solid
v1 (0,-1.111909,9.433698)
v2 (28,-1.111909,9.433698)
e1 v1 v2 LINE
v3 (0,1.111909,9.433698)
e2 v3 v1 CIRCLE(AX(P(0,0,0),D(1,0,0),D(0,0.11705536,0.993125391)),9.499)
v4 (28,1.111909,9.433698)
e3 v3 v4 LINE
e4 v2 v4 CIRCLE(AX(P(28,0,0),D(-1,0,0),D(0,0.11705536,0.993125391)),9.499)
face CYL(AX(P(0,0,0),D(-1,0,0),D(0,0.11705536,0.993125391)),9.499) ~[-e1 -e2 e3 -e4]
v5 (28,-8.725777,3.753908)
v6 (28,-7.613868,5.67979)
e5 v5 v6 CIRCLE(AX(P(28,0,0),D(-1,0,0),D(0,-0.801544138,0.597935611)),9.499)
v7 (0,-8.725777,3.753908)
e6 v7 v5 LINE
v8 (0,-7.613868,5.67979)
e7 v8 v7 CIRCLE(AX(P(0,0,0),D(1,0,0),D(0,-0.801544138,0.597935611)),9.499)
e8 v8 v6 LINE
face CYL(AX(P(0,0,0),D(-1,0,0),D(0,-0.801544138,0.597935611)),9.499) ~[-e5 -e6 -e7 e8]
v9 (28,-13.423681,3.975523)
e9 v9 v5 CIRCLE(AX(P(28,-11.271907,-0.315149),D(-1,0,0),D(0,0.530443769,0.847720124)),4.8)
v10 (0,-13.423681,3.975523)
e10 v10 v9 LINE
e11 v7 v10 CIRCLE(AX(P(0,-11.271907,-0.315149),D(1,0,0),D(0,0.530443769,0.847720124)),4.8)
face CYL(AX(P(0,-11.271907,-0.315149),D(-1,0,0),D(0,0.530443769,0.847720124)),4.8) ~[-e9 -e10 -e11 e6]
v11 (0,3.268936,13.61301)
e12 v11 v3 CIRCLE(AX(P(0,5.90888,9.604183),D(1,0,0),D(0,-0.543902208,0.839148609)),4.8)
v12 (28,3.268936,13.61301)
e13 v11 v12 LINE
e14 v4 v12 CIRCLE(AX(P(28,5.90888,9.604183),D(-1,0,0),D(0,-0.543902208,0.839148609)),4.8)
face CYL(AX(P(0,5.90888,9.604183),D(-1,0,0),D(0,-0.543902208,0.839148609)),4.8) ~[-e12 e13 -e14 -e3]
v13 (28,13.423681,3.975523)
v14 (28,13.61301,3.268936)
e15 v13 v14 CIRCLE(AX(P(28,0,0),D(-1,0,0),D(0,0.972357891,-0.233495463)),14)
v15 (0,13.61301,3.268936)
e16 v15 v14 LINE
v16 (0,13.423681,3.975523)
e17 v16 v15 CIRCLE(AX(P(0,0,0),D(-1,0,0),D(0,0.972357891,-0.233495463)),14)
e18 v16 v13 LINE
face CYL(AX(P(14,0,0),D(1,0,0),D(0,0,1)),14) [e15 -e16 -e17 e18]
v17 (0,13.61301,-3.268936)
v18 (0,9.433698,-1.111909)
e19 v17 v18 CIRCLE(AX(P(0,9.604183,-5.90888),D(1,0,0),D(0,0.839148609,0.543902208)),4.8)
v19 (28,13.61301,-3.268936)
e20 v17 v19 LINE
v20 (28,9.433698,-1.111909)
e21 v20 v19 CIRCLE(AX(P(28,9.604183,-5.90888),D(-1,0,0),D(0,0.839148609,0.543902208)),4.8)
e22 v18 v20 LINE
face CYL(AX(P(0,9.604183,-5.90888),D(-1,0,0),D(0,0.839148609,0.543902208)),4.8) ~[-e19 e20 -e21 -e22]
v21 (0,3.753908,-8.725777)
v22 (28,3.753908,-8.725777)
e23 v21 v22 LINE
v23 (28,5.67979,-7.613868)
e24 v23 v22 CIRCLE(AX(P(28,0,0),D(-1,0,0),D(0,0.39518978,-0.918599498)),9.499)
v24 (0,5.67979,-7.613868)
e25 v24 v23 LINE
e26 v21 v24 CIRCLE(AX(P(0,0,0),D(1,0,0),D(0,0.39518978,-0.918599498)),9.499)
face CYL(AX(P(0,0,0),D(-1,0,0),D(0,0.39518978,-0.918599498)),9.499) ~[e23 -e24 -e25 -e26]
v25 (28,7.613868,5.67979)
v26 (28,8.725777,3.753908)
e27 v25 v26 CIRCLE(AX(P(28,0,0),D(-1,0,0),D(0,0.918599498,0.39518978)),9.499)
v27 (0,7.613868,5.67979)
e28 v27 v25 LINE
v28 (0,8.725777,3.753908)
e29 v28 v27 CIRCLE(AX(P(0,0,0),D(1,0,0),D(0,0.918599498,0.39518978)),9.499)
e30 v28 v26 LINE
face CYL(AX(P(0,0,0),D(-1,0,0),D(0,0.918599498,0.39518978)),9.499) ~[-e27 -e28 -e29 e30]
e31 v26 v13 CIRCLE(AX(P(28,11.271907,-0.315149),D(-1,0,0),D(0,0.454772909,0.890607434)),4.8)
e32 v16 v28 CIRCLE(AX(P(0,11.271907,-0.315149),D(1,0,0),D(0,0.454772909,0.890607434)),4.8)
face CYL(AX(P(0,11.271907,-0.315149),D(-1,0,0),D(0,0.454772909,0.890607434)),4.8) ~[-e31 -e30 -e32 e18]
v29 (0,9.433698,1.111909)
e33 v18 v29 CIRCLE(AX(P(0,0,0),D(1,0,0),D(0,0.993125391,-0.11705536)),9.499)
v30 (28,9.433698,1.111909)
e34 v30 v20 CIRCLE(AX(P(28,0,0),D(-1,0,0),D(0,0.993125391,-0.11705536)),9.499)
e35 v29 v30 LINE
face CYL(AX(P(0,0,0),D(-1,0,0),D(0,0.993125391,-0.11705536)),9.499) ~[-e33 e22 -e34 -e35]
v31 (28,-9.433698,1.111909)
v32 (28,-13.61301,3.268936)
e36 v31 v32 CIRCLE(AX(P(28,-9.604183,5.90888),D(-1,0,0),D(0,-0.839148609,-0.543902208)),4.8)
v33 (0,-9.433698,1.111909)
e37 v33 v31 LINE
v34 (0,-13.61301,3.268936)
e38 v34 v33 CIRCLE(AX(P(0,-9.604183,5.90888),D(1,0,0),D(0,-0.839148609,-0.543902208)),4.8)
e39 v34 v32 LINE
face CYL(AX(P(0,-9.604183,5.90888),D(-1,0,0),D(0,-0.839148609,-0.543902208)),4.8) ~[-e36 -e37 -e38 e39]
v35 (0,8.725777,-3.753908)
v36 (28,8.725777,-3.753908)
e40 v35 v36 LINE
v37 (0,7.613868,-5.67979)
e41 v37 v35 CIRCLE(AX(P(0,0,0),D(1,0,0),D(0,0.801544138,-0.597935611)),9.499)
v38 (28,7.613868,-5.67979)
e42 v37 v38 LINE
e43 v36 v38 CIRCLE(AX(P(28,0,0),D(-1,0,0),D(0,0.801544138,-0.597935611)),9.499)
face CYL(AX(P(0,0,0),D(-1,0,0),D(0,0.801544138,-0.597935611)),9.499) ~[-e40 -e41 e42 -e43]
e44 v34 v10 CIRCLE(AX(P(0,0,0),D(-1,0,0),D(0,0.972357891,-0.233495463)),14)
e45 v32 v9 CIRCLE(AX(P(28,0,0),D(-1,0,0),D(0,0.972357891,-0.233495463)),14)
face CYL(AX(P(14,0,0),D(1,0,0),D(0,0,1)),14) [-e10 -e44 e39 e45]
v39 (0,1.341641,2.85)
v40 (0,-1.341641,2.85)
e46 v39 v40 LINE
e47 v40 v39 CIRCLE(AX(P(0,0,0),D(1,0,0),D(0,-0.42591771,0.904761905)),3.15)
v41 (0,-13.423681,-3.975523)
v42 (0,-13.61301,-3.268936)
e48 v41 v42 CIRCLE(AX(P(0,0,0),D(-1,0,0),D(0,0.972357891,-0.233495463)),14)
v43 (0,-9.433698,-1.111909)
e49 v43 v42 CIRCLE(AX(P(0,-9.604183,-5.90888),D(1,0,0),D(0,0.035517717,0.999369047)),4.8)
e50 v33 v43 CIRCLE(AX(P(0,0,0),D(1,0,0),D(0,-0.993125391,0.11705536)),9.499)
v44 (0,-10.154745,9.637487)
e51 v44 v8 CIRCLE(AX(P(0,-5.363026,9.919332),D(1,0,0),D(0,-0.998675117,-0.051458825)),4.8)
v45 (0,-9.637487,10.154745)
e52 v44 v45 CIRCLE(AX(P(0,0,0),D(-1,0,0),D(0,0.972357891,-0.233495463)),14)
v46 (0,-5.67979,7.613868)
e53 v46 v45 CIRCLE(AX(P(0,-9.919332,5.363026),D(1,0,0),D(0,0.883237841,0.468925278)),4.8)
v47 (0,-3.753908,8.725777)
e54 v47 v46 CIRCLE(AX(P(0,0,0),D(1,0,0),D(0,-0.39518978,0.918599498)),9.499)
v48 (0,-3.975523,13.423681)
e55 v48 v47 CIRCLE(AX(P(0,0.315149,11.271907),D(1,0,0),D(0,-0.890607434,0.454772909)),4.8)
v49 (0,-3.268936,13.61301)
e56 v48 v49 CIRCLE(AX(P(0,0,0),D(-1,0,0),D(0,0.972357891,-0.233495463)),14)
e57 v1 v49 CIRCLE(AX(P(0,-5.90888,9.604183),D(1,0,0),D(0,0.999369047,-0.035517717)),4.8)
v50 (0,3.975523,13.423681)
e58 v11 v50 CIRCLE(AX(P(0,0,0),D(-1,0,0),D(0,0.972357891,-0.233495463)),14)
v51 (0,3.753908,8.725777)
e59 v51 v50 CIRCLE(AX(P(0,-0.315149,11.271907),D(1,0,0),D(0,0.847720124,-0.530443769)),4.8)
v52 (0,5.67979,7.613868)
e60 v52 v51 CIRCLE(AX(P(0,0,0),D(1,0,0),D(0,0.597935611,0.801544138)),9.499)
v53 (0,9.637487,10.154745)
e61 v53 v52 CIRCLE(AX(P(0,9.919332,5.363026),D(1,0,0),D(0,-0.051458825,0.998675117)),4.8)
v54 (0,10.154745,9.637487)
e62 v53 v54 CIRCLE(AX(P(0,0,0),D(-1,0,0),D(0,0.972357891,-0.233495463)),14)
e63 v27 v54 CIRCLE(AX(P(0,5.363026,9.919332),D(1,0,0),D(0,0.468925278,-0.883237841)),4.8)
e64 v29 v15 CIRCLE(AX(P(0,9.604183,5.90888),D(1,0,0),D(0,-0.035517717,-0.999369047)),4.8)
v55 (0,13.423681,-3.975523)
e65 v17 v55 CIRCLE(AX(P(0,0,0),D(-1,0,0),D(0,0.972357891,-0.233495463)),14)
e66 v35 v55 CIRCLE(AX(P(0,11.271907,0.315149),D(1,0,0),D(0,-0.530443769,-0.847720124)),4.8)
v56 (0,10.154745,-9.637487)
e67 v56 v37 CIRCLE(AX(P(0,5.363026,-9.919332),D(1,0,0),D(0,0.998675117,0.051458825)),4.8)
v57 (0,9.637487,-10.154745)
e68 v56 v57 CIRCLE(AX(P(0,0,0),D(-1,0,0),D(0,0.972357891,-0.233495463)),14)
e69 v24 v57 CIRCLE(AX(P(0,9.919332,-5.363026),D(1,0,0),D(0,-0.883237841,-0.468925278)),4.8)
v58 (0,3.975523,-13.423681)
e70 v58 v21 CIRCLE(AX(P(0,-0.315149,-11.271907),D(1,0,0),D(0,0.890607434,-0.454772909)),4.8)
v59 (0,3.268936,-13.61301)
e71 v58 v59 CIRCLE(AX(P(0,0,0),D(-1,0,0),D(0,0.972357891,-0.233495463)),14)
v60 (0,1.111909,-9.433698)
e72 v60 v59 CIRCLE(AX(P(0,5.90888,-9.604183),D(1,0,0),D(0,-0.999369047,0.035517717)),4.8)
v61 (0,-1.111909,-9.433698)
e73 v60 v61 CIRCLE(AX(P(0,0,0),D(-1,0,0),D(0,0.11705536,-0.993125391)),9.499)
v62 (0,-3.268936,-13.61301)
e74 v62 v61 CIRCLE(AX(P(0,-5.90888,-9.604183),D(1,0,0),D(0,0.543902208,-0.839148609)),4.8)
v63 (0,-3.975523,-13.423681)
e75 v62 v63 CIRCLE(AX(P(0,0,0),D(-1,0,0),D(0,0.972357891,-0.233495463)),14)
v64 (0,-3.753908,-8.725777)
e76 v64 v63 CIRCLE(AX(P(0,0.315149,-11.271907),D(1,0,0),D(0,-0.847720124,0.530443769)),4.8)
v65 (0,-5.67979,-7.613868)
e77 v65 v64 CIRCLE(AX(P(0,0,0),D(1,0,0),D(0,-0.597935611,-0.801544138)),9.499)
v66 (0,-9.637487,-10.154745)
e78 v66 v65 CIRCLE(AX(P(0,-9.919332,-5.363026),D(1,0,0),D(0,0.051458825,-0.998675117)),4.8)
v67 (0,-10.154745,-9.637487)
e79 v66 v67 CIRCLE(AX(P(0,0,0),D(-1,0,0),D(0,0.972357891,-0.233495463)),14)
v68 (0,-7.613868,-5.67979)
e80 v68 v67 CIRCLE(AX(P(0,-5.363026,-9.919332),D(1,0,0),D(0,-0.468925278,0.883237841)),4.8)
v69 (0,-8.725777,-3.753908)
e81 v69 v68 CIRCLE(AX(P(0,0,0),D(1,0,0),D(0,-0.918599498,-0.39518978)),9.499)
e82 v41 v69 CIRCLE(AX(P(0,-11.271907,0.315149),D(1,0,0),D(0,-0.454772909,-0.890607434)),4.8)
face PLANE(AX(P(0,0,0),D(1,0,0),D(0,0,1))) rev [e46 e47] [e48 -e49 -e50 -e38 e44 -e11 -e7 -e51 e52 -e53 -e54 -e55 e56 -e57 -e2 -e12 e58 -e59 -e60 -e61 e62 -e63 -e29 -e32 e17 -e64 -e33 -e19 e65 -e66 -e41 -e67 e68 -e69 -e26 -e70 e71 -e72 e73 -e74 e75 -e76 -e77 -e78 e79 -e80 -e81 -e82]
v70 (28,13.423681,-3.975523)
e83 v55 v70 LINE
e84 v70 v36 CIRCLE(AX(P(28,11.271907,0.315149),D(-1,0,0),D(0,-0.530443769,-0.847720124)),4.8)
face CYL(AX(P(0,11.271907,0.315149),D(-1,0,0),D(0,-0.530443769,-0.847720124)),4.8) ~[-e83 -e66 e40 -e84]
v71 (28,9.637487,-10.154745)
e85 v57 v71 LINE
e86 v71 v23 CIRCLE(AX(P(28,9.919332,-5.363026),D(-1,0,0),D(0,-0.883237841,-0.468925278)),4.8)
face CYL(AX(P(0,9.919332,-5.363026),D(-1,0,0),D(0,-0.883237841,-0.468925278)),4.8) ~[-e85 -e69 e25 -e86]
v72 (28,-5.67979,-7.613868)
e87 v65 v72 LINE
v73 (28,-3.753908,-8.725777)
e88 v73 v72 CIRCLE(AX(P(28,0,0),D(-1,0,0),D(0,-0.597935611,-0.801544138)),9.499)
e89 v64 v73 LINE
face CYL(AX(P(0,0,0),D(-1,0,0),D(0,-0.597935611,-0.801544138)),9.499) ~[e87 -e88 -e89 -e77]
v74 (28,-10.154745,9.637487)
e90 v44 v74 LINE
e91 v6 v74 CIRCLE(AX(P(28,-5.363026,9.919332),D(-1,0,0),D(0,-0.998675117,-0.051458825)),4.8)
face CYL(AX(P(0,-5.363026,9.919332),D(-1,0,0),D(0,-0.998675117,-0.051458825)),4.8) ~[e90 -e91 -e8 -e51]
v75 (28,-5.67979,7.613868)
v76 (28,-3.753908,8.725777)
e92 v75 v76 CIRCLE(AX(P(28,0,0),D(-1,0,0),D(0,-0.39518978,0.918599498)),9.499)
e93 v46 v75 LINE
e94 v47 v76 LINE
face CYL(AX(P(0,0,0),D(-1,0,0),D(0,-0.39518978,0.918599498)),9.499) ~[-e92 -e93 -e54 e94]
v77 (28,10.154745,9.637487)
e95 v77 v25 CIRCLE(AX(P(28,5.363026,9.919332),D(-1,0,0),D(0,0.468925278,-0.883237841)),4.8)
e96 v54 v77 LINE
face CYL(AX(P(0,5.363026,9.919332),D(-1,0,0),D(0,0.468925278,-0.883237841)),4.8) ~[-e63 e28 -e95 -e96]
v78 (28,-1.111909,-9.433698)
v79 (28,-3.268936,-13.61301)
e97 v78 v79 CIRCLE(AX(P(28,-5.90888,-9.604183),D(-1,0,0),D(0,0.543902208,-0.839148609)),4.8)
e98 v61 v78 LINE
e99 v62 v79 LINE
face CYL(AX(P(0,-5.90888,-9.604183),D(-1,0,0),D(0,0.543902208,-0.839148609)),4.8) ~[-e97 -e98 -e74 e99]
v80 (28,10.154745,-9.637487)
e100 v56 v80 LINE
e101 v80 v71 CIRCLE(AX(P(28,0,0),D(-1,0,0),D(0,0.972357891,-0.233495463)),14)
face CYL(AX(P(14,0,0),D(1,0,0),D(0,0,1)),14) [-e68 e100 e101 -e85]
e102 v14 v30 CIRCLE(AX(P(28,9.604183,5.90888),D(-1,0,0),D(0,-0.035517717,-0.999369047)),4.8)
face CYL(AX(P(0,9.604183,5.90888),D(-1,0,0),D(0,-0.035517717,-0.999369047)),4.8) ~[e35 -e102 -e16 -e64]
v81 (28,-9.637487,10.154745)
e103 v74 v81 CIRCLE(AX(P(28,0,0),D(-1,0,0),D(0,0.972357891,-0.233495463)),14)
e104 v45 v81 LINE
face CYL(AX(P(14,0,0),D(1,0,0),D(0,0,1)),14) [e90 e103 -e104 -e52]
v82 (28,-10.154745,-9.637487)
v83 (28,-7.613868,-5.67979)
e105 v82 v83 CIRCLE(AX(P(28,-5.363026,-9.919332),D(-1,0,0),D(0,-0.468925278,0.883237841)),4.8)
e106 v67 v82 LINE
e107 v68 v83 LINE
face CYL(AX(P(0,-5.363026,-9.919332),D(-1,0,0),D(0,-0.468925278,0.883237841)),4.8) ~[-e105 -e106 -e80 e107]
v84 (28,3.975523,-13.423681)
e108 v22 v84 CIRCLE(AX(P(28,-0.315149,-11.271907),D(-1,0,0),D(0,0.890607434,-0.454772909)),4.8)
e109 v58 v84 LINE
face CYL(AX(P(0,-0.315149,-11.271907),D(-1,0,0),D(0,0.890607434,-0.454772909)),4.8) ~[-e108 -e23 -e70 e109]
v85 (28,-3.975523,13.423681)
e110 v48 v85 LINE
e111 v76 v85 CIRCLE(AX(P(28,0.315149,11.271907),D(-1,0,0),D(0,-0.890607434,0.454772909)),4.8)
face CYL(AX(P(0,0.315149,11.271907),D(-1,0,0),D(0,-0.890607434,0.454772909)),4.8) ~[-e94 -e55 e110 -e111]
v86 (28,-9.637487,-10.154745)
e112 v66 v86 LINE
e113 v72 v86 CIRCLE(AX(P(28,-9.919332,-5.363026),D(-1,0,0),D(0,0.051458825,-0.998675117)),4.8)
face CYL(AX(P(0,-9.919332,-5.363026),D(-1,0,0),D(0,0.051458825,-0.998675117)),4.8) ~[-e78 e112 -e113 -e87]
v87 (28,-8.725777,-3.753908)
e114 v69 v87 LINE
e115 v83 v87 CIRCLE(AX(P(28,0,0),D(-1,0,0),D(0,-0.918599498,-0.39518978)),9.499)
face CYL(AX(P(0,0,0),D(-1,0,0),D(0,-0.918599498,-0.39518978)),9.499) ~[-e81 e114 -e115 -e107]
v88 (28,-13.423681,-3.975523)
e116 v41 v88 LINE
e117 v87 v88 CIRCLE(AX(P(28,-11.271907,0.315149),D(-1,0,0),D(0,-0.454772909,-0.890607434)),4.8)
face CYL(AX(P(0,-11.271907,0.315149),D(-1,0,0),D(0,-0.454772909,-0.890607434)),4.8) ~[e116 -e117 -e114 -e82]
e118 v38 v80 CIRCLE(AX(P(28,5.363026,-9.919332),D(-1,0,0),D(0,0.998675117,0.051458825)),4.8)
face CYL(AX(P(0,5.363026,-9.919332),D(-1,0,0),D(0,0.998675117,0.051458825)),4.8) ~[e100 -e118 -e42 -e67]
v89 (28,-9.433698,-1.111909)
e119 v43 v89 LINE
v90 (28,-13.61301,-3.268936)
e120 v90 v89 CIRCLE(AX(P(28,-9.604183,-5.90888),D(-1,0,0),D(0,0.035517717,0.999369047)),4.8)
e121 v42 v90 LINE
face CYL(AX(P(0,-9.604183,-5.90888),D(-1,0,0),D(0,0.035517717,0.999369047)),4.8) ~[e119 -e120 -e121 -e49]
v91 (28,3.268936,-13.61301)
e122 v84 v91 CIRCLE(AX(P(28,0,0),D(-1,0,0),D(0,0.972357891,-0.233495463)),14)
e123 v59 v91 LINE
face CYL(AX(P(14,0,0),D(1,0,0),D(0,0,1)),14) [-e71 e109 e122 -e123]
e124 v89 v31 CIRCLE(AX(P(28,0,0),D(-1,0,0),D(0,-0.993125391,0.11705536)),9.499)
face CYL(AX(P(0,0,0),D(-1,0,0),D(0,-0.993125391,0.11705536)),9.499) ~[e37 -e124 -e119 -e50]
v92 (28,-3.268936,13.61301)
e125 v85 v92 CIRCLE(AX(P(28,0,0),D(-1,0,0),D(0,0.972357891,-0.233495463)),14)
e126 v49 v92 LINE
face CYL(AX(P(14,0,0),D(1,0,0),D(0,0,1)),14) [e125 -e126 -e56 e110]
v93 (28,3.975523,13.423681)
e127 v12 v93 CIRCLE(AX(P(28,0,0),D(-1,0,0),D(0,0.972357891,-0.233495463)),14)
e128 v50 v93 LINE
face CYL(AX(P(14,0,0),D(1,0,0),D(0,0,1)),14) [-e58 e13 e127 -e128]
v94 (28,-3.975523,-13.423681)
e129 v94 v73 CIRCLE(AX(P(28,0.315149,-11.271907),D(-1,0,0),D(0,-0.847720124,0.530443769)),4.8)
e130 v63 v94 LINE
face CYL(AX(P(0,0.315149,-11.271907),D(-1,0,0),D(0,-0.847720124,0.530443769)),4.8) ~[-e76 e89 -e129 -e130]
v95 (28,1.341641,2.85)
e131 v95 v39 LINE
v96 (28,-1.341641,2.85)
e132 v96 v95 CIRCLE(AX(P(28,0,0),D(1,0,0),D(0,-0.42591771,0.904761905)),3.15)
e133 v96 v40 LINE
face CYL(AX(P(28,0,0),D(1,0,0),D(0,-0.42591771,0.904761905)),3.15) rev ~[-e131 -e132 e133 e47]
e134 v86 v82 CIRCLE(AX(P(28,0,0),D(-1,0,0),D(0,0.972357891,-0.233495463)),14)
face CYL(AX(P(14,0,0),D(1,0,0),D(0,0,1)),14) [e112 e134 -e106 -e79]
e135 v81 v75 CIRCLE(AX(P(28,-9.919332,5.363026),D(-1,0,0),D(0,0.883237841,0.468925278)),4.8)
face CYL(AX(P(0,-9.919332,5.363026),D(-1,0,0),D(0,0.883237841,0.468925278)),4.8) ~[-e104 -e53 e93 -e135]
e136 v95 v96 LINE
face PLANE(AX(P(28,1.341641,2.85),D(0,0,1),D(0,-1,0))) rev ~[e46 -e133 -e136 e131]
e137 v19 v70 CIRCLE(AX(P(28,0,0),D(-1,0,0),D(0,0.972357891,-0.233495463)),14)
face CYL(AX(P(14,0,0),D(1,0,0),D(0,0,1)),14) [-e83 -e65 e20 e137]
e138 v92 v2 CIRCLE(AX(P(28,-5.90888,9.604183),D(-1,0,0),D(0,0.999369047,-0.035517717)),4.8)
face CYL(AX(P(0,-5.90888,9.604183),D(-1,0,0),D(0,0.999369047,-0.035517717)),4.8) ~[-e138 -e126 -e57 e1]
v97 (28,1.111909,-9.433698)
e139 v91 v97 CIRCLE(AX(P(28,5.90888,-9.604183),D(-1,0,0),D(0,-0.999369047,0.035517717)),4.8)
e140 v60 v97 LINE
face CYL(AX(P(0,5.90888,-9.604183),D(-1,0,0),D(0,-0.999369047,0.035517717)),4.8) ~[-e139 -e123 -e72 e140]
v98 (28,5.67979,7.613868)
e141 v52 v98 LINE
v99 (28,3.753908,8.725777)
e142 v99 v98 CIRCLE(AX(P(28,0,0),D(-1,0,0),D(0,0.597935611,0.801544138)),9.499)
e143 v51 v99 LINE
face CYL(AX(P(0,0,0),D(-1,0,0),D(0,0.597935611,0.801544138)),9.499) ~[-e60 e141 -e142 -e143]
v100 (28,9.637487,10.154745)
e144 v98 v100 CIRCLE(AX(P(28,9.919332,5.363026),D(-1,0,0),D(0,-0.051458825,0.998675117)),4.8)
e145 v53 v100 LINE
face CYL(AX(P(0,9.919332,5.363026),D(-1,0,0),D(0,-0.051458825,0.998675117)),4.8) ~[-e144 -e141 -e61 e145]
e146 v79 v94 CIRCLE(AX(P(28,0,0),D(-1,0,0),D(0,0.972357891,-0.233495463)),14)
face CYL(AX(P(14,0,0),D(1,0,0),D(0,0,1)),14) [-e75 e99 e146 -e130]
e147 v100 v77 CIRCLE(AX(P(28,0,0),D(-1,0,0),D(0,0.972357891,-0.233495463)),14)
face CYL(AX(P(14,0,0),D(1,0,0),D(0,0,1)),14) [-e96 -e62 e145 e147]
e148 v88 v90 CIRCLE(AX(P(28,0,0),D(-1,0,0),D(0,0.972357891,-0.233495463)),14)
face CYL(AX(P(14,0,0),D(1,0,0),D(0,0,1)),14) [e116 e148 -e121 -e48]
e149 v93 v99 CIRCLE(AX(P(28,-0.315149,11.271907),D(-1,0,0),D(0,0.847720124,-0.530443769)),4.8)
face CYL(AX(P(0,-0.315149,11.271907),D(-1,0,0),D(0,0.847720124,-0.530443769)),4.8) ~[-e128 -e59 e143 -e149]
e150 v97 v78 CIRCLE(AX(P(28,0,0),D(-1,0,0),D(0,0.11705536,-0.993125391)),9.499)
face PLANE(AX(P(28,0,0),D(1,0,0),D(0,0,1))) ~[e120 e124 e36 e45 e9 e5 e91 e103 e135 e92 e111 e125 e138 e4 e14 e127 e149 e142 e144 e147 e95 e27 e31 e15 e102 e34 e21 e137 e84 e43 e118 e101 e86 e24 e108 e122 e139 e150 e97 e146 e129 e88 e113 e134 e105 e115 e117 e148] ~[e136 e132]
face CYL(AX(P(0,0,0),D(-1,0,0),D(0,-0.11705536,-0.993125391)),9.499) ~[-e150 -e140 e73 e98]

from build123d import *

# Parameters (mm, degrees)
BASPROSKE_W              = 28
BASPROSKE_H              = 14
TOOTHCUT_DEPTH           = 35.292856399
TEETHCUTS_COUNT          = 12
TEETHCUTS_ANGLE          = 330
BORSKE_R                 = 5
BORE_DEPTH               = 50.0000508
KEYSKE_W                 = 4
KEYSKE_H                 = 6.8
KEYWAY_DEPTH             = 50.0000508
RESSALTO_EXTRUS_O1_START = -28
ESBO_O1_R                = 9.499
RESSALTO_EXTRUS_O1_DEPTH = 28
CORTE_EXTRUS_O1_REACH    = 35.98


with BuildPart() as part:
    # BasProSke → Base-Revolve (revolve)
    with BuildSketch(Plane(origin=(0, 0, 0), x_dir=(1, 0, 0), z_dir=(0, 1, 0)), mode=Mode.PRIVATE) as base_revolve_sk:
        with Locations((14, 7)):
            Rectangle(BASPROSKE_W, BASPROSKE_H)
    revolve(base_revolve_sk.sketch.rotate(Axis((-10, 0, 0), (1, 0, 0)), 180), axis=Axis((-10, 0, 0), (1, 0, 0)))

    # TooCutSke → ToothCut (cut, through all)
    with BuildSketch(Plane(origin=(0, 0, 0), x_dir=(0, 0, -1), z_dir=(1, 0, 0))):
        with BuildLine():
            ThreePointArc((1.111908866, 9.433698091), (0, 9.499), (-1.111908866, 9.433698091))
            ThreePointArc((-1.111908866, 9.433698091), (-1.651516138, 11.821129337), (-3.298149691, 13.632096456))
            ThreePointArc((-3.298149691, 13.632096456), (0, 14.0254), (3.298149691, 13.632096456))
            ThreePointArc((3.298149691, 13.632096456), (1.651516138, 11.821129337), (1.111908866, 9.433698091))
        make_face()
    toothcut = extrude(amount=TOOTHCUT_DEPTH, mode=Mode.SUBTRACT)

    # TeethCuts: ToothCut ×12 about axis
    teethcuts_axis = Axis((-10, 0, 0), (1, 0, 0))
    for i in range(1, TEETHCUTS_COUNT):
        add(toothcut.rotate(teethcuts_axis, i * TEETHCUTS_ANGLE / (TEETHCUTS_COUNT - 1)), mode=Mode.SUBTRACT)

    # BorSke → Bore (cut, symmetric)
    with BuildSketch(Plane(origin=(0, 0, 0), x_dir=(0, 0, -1), z_dir=(1, 0, 0))):
        with Locations(Location((0, 0, 0), (0, 0, 180))):
            Circle(BORSKE_R)
    extrude(amount=BORE_DEPTH, both=True, mode=Mode.SUBTRACT)

    # KeySke → Keyway (cut, symmetric)
    with BuildSketch(Plane(origin=(0, 0, 0), x_dir=(0, 0, -1), z_dir=(1, 0, 0))):
        with Locations((0, 3.4)):
            Rectangle(KEYSKE_W, KEYSKE_H)
    extrude(amount=KEYWAY_DEPTH, both=True, mode=Mode.SUBTRACT)

    # Esboço1 → Ressalto-extrusão1 (add)
    with BuildSketch(Plane(origin=(28, 0, 0), x_dir=(0, 0, -1), z_dir=(1, 0, 0)).offset(RESSALTO_EXTRUS_O1_START)):
        Circle(ESBO_O1_R)
    extrude(amount=RESSALTO_EXTRUS_O1_DEPTH)

    # Esboço2 → Corte-extrusão1 (cut, up to next)
    with BuildSketch(Plane(origin=(28, 0, 0), x_dir=(0, 0, -1), z_dir=(1, 0, 0)), mode=Mode.PRIVATE) as corte_extrus_o1_sk1:
        with BuildLine():
            Line((-2.85, 1.341640786), (-2.85, -1.341640786))
            ThreePointArc((-2.85, -1.341640786), (3.15, 0), (-2.85, 1.341640786))
        make_face()
    corte_extrus_o1_tool1 = extrude(corte_extrus_o1_sk1.sketch, amount=-CORTE_EXTRUS_O1_REACH, mode=Mode.PRIVATE) & part.part
    add(corte_extrus_o1_tool1.solids().sort_by_distance((28, 0, -0.052561))[0], mode=Mode.SUBTRACT)


solid = part.part
